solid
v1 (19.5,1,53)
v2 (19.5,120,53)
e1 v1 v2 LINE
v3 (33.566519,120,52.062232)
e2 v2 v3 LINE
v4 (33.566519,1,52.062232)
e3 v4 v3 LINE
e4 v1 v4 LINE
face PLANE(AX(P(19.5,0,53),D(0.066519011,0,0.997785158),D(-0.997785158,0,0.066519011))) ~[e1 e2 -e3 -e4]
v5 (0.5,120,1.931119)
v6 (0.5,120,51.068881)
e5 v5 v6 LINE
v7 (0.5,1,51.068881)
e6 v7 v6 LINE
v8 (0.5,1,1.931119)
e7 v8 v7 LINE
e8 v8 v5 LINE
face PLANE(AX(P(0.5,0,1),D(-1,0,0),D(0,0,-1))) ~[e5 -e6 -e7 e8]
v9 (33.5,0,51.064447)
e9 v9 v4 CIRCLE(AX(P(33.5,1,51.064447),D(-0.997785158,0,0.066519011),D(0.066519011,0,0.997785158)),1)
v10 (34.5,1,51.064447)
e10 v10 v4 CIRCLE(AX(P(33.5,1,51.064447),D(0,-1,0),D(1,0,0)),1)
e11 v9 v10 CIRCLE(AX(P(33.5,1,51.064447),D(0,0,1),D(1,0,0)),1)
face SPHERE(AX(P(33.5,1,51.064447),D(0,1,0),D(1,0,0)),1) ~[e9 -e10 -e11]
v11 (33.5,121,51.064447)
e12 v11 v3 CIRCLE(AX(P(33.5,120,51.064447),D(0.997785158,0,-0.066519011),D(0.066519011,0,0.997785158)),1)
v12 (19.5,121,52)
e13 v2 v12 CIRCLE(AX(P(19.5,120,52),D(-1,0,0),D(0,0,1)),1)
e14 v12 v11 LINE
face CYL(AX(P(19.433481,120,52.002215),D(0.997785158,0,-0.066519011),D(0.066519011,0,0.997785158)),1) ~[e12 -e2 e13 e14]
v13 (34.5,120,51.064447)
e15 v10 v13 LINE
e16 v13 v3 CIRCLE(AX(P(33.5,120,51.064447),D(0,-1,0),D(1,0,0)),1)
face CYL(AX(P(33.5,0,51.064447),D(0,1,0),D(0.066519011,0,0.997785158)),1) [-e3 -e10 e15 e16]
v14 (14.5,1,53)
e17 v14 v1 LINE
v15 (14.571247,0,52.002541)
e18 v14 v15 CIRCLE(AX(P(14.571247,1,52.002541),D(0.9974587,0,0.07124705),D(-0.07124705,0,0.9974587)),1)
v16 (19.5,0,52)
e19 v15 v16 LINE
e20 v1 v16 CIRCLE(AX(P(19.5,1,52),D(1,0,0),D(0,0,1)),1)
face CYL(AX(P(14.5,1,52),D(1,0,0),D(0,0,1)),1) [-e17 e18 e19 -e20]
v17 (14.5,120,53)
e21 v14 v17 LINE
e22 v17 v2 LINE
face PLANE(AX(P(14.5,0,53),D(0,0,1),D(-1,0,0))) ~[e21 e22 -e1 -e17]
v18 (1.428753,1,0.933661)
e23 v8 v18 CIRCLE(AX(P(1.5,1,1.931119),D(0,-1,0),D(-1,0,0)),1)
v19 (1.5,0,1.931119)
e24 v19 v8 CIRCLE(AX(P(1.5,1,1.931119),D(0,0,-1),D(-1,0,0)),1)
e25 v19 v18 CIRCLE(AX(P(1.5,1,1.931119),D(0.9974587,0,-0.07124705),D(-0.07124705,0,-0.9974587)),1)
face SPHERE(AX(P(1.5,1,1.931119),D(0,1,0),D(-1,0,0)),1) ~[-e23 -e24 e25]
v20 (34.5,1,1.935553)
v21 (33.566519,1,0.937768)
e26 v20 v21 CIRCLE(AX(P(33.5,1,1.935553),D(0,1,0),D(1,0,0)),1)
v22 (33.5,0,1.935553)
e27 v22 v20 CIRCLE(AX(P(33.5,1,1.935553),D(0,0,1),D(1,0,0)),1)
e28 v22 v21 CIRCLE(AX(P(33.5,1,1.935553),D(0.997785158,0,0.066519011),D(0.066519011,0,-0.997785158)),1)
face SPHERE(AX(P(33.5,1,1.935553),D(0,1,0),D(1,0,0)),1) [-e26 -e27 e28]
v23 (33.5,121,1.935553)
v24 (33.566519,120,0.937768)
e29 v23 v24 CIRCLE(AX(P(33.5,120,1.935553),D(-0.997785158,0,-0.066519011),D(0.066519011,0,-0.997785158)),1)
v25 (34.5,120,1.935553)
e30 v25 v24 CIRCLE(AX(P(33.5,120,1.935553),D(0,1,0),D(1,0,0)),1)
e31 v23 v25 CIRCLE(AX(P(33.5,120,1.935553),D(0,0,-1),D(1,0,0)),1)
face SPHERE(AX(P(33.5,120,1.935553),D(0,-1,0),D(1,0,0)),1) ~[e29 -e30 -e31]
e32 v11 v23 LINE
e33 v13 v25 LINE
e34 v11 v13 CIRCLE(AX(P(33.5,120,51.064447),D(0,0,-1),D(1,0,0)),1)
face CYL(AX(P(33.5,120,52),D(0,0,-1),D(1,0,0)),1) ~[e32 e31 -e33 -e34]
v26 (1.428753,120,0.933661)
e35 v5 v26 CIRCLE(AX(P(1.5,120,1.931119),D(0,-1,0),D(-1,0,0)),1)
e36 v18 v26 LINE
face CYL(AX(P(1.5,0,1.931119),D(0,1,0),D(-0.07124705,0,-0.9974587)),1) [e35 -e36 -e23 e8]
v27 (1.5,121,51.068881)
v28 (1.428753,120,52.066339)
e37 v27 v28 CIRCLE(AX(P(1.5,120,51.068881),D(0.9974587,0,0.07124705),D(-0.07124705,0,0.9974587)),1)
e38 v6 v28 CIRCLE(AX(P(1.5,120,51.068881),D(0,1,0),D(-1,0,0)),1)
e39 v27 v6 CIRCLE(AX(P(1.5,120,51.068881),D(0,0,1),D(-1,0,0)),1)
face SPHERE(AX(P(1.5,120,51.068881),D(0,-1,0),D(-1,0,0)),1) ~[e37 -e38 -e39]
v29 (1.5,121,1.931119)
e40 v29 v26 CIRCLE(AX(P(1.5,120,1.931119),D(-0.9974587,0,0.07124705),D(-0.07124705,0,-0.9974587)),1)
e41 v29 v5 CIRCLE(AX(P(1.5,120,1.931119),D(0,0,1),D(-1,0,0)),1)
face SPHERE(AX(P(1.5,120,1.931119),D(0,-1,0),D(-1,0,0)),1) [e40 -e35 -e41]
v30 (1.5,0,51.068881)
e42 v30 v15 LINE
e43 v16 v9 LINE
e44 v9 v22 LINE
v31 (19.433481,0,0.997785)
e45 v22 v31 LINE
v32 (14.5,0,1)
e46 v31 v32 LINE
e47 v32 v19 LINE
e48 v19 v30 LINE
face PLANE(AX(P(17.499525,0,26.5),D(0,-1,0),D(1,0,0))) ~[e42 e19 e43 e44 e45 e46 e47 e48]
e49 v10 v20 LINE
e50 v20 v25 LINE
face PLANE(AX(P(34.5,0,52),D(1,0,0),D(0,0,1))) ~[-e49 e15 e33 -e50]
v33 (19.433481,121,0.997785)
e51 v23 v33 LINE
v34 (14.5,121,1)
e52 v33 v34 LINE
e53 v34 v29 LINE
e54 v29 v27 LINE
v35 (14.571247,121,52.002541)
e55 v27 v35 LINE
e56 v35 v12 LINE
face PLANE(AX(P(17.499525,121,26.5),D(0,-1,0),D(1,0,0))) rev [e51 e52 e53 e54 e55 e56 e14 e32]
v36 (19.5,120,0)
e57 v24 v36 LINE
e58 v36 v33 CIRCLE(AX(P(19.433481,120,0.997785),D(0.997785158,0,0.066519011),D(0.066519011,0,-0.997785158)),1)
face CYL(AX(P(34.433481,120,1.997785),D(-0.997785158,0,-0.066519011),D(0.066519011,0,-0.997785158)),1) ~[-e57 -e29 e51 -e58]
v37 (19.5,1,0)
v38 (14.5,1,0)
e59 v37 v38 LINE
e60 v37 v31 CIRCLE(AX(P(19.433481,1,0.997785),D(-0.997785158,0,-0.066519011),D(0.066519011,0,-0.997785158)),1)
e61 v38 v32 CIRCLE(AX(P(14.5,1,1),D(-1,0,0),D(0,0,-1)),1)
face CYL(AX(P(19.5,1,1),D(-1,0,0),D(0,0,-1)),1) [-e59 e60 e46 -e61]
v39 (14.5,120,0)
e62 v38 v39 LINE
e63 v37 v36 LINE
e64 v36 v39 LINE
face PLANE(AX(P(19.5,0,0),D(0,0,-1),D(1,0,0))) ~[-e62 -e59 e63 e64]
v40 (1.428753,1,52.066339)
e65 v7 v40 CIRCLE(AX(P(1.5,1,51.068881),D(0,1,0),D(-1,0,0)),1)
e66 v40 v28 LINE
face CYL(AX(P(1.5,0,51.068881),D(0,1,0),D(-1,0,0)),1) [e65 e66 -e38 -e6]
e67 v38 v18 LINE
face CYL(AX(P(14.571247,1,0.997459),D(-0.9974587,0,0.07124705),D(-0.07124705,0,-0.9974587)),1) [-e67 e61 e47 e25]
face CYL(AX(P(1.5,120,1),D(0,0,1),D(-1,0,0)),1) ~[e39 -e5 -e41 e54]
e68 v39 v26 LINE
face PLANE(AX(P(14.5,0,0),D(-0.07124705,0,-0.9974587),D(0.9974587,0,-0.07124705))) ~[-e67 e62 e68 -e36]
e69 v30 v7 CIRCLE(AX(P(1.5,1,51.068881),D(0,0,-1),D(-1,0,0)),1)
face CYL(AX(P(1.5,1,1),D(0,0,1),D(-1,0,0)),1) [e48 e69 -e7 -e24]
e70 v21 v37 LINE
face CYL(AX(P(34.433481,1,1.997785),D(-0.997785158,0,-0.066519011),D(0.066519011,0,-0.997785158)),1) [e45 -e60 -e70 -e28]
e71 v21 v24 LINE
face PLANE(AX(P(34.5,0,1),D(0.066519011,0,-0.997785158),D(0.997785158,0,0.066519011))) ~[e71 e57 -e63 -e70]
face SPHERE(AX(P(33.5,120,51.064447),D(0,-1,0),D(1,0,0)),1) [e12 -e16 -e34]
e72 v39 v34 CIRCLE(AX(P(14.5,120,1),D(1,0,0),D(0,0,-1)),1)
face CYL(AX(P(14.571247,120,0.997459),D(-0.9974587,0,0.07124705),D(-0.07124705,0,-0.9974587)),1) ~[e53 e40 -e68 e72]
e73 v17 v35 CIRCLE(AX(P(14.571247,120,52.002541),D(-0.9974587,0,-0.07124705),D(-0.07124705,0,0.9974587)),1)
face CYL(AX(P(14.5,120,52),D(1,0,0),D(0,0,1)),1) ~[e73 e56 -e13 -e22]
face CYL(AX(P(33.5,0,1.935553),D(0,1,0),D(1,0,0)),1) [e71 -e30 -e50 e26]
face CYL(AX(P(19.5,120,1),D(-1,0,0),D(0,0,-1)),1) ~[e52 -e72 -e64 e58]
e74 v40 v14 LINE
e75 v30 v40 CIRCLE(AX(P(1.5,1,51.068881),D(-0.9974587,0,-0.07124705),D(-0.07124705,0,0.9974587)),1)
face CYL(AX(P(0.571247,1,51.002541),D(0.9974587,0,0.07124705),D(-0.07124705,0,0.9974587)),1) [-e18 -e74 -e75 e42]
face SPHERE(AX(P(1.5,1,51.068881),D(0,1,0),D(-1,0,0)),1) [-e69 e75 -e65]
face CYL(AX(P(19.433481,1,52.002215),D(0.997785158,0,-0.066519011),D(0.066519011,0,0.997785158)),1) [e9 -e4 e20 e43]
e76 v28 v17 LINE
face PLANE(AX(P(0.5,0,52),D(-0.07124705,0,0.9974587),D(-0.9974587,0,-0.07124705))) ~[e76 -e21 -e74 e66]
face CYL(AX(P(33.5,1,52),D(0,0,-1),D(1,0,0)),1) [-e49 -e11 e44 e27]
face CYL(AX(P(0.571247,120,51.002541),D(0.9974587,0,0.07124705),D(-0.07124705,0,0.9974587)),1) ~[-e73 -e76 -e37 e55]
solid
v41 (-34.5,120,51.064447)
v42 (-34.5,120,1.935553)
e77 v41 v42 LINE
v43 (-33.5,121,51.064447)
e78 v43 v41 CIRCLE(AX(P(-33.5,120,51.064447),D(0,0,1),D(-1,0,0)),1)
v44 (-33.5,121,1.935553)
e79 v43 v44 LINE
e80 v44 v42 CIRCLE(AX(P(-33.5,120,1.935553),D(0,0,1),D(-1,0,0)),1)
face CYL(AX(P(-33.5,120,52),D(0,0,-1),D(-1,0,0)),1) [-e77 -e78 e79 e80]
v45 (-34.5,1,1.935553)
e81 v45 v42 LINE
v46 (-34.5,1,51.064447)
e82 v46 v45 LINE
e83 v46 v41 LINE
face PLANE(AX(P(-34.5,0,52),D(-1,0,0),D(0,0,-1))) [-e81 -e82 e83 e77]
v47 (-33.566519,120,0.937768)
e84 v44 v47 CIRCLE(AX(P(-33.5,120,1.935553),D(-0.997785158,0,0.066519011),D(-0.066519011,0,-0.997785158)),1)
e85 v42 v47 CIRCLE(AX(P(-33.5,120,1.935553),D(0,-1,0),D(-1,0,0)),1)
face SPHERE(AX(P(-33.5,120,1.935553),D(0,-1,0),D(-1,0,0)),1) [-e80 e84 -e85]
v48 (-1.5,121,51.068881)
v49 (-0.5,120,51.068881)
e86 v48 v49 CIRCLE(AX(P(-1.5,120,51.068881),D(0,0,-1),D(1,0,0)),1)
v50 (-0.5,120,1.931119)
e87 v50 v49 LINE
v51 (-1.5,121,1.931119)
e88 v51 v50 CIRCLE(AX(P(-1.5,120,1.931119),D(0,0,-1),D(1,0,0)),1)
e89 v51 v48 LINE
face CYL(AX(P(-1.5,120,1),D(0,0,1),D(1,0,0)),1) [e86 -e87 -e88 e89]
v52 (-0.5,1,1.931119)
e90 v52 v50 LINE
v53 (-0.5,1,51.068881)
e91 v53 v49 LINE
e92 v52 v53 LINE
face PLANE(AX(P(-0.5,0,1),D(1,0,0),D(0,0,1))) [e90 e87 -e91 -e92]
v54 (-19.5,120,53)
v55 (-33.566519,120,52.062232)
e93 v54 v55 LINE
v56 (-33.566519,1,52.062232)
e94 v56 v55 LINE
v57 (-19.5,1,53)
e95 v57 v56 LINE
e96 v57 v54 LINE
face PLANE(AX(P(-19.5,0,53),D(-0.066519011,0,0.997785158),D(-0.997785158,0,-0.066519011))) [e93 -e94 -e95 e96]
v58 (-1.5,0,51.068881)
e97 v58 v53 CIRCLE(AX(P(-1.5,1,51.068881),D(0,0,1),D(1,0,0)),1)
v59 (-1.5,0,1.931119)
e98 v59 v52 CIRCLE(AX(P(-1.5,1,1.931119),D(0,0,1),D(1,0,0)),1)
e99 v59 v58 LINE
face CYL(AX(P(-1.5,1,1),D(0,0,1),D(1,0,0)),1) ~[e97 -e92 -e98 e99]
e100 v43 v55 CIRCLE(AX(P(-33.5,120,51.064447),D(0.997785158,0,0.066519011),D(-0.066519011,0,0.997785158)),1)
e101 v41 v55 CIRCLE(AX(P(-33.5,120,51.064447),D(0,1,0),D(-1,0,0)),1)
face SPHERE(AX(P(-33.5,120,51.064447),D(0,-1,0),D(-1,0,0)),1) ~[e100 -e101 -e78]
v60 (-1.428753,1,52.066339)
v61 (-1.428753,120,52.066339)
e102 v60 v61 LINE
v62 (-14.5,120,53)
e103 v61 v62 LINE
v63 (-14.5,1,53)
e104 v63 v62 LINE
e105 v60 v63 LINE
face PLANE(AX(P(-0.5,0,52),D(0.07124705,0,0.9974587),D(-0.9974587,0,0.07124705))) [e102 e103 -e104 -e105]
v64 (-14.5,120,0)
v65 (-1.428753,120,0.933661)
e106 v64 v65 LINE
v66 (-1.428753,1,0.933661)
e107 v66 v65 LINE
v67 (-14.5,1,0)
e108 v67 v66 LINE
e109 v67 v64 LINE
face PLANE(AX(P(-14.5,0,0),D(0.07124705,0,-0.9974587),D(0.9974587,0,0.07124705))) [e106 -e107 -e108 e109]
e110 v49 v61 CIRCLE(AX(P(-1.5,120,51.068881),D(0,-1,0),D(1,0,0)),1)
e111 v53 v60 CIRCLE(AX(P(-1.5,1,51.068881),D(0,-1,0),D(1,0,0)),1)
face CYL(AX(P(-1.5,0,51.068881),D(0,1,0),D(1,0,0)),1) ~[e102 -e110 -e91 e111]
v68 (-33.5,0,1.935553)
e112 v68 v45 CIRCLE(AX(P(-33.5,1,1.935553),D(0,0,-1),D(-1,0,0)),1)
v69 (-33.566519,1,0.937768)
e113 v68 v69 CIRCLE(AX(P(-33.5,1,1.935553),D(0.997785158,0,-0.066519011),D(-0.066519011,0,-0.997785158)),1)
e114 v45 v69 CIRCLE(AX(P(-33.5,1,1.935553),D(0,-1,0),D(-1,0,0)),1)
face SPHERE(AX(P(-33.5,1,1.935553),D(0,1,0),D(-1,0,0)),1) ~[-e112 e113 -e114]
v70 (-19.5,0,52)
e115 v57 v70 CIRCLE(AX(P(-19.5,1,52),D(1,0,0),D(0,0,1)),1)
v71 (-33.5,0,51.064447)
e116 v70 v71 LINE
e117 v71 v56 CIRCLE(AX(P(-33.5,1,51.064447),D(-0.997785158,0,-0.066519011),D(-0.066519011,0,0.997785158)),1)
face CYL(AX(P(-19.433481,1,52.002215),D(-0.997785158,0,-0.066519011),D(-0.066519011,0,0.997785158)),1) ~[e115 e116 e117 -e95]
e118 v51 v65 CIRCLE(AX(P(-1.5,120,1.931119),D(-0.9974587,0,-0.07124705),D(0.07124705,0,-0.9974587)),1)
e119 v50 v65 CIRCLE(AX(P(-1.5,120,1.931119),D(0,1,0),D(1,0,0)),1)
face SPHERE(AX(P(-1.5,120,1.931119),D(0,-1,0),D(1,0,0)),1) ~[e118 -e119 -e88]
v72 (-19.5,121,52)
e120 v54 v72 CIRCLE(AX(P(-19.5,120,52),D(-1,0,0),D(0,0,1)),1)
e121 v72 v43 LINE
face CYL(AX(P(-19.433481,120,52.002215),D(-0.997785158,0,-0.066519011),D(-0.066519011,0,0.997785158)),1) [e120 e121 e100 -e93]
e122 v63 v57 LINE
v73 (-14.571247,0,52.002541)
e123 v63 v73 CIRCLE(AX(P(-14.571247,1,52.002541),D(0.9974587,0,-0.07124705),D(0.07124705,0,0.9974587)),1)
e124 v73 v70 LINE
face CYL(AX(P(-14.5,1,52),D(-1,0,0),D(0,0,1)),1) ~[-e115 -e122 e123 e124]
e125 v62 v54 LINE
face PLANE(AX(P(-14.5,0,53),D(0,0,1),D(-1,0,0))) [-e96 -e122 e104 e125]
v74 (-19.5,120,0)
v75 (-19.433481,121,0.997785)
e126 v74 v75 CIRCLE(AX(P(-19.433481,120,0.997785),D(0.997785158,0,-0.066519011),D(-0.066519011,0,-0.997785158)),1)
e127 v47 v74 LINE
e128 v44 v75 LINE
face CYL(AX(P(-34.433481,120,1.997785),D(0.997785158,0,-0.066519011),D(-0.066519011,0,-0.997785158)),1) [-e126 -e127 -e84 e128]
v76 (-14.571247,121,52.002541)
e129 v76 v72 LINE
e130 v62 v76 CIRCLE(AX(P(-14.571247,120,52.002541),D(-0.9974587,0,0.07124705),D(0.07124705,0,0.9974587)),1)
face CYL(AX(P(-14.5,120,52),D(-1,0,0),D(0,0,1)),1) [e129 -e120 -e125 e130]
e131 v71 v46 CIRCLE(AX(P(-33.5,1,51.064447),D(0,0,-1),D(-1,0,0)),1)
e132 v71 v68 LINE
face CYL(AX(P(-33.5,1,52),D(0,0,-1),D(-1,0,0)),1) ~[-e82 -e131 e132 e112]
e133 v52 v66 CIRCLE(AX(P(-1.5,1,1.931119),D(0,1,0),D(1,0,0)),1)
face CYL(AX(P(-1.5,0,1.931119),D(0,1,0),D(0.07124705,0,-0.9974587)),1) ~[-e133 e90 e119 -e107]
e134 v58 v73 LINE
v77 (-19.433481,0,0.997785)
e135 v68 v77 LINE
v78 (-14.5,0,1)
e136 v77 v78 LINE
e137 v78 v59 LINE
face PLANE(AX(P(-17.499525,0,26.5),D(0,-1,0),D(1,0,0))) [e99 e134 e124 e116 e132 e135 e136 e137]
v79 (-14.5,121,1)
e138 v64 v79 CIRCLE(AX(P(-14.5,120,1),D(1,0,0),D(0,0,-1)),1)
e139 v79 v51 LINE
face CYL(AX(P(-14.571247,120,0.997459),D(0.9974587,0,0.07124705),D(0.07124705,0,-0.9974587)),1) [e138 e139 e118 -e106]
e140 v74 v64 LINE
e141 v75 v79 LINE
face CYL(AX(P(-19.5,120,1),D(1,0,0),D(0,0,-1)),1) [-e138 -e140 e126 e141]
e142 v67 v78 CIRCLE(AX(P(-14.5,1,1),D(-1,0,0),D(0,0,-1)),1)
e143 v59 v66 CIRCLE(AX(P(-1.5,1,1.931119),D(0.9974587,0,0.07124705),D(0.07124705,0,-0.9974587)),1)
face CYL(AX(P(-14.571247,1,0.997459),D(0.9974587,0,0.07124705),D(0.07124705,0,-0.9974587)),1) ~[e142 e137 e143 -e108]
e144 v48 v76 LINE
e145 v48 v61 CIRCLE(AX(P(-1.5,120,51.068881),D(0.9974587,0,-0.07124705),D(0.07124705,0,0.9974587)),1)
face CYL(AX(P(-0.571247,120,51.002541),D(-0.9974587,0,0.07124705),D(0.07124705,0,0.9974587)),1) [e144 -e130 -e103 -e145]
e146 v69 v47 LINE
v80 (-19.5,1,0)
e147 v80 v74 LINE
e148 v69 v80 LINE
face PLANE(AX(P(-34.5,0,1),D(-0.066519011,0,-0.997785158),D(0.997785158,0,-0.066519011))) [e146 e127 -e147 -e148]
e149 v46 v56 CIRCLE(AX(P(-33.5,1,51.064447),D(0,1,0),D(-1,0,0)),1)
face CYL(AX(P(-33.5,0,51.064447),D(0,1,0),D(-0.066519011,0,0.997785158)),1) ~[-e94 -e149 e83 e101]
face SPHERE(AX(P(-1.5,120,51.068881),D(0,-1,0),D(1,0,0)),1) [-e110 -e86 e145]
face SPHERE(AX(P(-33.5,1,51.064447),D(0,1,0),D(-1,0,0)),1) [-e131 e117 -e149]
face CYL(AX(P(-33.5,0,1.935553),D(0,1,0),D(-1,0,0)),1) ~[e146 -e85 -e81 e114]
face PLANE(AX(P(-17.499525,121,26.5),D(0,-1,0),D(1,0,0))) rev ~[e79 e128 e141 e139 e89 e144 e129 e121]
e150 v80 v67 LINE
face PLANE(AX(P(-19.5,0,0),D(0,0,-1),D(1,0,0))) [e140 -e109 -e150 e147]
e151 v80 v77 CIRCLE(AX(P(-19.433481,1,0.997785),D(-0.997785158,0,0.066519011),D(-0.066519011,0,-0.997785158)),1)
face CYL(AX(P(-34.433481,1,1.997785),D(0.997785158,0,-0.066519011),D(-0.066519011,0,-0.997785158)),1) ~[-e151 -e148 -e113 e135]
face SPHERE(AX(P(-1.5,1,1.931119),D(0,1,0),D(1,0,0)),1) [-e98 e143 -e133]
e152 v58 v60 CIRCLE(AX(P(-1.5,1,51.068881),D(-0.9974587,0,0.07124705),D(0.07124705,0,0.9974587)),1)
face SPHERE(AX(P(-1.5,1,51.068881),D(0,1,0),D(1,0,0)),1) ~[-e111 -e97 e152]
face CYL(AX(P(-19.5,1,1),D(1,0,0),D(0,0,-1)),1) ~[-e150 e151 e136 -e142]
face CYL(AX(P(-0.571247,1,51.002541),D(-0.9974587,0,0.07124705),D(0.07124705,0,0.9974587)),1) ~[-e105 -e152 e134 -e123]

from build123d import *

# Parameters (mm, degrees)
F1_DEPTH = 121
F2_R     = 1


with BuildPart() as f1:
    # F0 (on Front) → F1 (new body)
    with BuildSketch(Plane.XZ):
        Polygon((-19.5, 53), (-34.5, 52), (-34.5, 1), (-19.5, 0), (-14.5, 0), (-0.5, 1), (-0.5, 52), (-14.5, 53), align=None)
    extrude(amount=-F1_DEPTH)

    # F2
    f2_edges = [f1.edges().sort_by_distance(p)[0] for p in [
        (-0.5, 60.5, 1),
        (-0.5, 60.5, 52),
        (-0.5, 0, 26.5),
        (-0.5, 121, 26.5),
        (-34.5, 60.5, 52),
        (-34.5, 60.5, 1),
        (-34.5, 0, 26.5),
        (-34.5, 121, 26.5),
        (-27, 0, 52.5),
        (-27, 0, 0.5),
        (-17, 0, 0),
        (-7.5, 0, 0.5),
        (-7.5, 0, 52.5),
        (-17, 0, 53),
        (-27, 121, 52.5),
        (-27, 121, 0.5),
        (-17, 121, 0),
        (-7.5, 121, 0.5),
        (-7.5, 121, 52.5),
        (-17, 121, 53),
    ]]
    fillet(f2_edges, radius=F2_R)


with BuildPart() as f3_1:
    # F3: instance of F1
    add(f1.part.mirror(Plane.YZ))


solid = Compound([f1.part, f3_1.part])
